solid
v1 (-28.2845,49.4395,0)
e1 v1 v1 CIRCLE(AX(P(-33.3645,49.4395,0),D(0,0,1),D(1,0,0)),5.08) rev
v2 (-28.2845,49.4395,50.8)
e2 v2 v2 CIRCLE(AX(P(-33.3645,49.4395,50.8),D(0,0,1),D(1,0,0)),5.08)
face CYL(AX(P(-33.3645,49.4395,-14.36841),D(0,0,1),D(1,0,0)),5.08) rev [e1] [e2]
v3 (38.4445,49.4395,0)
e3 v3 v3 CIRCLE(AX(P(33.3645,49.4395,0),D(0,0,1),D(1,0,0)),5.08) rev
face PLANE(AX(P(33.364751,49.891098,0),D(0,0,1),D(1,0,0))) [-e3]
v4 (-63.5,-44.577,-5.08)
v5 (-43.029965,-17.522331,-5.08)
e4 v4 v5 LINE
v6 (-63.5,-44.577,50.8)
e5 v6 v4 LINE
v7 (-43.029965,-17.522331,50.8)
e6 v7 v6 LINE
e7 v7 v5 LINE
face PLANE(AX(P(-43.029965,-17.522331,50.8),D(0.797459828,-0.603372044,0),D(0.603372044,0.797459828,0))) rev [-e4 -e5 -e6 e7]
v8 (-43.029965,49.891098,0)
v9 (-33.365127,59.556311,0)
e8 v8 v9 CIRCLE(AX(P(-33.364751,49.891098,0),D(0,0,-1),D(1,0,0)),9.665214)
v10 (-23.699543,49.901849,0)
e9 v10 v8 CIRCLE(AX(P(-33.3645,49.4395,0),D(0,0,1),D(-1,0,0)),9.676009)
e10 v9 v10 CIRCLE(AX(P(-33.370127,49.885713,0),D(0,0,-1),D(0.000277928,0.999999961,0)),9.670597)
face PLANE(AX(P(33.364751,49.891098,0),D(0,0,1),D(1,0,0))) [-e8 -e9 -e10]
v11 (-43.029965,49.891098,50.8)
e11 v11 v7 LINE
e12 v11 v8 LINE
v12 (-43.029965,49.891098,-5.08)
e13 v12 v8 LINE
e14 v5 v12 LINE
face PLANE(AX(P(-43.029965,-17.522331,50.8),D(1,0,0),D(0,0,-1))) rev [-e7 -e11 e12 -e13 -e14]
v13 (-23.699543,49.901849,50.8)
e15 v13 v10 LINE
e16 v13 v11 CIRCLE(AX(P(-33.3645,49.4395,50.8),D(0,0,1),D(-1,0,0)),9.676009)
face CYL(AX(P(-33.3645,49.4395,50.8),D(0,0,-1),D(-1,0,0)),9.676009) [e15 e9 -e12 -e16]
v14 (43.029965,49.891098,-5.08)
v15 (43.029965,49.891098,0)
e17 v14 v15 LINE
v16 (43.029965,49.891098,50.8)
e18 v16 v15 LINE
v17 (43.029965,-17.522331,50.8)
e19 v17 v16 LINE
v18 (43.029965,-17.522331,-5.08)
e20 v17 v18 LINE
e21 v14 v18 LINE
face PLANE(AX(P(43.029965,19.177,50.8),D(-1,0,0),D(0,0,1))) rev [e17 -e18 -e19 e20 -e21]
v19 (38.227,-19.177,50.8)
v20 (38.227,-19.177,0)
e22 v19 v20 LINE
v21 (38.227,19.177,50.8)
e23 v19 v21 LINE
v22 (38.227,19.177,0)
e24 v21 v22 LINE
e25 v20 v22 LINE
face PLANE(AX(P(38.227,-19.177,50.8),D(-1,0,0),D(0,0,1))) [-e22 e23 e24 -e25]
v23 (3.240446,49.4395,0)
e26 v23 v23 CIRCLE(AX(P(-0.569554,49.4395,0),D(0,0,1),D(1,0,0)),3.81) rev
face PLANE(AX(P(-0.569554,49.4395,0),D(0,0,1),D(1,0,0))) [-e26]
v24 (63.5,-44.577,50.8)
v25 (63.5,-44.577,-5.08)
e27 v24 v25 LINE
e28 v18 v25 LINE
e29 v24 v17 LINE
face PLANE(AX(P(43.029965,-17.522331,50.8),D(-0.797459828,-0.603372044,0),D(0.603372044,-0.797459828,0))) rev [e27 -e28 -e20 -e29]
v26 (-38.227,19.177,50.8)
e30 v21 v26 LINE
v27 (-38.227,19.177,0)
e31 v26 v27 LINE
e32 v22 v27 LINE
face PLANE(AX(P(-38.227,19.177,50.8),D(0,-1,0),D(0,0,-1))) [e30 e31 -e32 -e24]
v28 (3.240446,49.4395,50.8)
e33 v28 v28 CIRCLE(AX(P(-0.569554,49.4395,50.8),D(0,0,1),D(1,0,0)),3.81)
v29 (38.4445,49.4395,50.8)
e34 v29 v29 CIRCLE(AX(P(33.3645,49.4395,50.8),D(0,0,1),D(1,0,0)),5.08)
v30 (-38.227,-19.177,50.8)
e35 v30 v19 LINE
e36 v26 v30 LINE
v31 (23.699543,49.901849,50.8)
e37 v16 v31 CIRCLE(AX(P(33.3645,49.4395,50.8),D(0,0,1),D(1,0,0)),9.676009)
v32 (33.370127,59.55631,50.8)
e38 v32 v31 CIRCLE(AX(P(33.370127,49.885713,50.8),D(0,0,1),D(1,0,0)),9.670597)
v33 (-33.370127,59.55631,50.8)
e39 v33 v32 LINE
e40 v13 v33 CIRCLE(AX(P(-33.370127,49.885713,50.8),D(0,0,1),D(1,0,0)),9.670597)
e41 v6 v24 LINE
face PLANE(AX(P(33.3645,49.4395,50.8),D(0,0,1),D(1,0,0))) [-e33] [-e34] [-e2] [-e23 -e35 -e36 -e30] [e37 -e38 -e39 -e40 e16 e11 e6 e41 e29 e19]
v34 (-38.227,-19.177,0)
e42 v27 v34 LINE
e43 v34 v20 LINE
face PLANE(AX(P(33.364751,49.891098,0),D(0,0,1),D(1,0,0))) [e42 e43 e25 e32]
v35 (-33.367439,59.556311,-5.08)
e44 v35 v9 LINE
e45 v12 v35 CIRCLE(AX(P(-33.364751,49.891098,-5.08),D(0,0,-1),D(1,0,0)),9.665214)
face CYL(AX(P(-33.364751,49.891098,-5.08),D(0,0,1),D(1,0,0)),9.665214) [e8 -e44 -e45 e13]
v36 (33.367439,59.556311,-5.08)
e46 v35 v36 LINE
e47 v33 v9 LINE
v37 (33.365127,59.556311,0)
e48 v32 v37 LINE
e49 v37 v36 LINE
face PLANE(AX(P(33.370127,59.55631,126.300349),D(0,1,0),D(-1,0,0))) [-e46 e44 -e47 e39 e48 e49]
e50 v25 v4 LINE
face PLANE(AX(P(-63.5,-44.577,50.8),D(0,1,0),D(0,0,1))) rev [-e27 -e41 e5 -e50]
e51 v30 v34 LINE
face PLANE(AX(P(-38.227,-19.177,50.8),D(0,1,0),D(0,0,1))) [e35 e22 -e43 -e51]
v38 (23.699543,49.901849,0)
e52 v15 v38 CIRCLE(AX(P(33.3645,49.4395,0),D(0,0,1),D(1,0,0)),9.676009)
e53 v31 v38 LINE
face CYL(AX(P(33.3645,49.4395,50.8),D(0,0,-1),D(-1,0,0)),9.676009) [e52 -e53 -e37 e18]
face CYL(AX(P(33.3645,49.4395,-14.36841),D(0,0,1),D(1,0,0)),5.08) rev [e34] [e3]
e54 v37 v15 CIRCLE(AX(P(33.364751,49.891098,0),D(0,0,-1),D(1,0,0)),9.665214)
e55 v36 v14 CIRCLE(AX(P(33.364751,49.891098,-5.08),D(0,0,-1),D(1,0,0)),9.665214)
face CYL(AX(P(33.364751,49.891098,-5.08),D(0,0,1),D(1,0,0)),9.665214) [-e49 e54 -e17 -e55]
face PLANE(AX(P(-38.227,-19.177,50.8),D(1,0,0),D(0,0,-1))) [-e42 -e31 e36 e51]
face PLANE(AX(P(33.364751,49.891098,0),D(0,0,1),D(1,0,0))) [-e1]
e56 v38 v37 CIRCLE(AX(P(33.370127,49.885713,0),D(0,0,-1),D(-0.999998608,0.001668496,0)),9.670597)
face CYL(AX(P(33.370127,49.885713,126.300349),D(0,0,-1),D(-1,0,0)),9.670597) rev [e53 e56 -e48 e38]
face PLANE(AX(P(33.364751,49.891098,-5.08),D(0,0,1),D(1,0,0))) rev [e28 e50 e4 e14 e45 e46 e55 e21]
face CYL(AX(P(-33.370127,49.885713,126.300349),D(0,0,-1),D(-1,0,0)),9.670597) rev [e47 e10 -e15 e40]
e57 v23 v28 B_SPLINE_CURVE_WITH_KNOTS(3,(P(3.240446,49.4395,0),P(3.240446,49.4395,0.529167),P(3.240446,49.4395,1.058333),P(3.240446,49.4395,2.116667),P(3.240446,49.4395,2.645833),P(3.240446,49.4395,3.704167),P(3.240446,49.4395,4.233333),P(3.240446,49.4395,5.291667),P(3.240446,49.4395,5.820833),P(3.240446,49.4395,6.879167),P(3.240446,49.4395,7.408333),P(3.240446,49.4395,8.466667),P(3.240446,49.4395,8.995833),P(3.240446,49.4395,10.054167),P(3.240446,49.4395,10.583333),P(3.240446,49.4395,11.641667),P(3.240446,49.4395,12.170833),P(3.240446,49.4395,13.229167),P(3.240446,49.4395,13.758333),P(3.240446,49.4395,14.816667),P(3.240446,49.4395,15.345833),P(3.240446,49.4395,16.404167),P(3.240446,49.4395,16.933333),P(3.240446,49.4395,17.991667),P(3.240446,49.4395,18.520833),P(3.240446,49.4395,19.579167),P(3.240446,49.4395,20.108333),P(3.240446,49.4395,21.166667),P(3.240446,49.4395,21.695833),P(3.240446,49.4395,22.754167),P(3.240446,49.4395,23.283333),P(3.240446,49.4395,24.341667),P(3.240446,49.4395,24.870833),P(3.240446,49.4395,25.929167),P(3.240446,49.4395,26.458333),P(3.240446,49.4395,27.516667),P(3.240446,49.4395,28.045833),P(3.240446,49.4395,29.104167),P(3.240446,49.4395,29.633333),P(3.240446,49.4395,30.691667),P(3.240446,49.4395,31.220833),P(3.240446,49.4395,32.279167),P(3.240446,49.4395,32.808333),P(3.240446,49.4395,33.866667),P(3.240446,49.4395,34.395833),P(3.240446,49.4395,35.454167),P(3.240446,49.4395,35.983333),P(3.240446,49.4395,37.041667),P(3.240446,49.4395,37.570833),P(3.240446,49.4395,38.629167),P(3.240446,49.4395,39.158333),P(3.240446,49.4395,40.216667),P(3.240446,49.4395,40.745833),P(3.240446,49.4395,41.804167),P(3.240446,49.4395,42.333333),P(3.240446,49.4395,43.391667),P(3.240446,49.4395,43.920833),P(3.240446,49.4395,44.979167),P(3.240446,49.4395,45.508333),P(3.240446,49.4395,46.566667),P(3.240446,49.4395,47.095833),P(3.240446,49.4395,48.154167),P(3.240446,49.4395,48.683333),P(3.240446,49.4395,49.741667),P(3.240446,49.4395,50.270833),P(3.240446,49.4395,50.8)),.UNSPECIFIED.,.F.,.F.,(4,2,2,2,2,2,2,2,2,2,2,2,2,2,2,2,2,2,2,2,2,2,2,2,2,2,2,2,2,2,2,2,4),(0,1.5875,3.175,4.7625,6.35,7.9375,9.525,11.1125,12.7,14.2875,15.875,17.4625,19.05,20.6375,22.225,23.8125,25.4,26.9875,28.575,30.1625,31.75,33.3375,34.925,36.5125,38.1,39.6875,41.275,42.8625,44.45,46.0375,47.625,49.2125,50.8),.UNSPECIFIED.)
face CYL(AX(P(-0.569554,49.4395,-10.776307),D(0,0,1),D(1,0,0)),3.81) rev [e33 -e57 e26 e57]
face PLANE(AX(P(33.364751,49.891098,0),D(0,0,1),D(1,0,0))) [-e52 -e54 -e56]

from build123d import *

# Parameters (mm, degrees)
SKETCH1_R           = 4.862500054
SKETCH1_W           = 76.454
SKETCH1_H           = 38.354
BOSS_EXTRUDE1_DEPTH = 50.8
BOSS_EXTRUDE2_DEPTH = 5.08
BOSS_EXTRUDE3_DEPTH = 55.88
SKETCH4_R           = 3.429
CUT_EXTRUDE1_DEPTH  = 50.8
SKETCH5_R           = 3.81
CUT_EXTRUDE2_DEPTH  = 50.8
SKETCH6_R           = 5.08
CUT_EXTRUDE3_DEPTH  = 50.8


with BuildPart() as part:
    # Sketch1 → Boss-Extrude1 (new body)
    with BuildSketch(Plane.XY):
        with BuildLine():
            Line((-43.029964919, -17.522331458), (-43.029964919, 19.177))
            Line((-43.029964919, 19.177), (-43.029964919, 49.89109769))
            ThreePointArc((-43.029964919, 49.89109769), (-33.369881409, 59.115507734), (-23.699543278, 49.901848605))
            Line((-23.699543278, 49.901848605), (0, 24.257))
            Line((0, 24.257), (23.699543278, 49.901848605))
            ThreePointArc((23.699543278, 49.901848605), (33.369881409, 59.115507734), (43.029964919, 49.89109769))
            Line((43.029964919, 49.89109769), (43.029964919, 19.177))
            Line((43.029964919, 19.177), (43.029964919, -17.522331458))
            Line((43.029964919, -17.522331458), (63.5, -44.577))
            Line((63.5, -44.577), (-63.5, -44.577))
            Line((-63.5, -44.577), (-43.029964919, -17.522331458))
        make_face()
        with Locations((-33.364499946, 49.439500054)):
            Circle(SKETCH1_R, mode=Mode.SUBTRACT)
        with Locations(Location((33.364499946, 49.439500054, 0), (0, 0, 180))):
            Circle(SKETCH1_R, mode=Mode.SUBTRACT)
        Rectangle(SKETCH1_W, SKETCH1_H, mode=Mode.SUBTRACT)
    extrude(amount=BOSS_EXTRUDE1_DEPTH)

    # Sketch2 → Boss-Extrude2 (add)
    with BuildSketch(Plane(origin=(0, 0, 0), x_dir=(-1, 0, 0), z_dir=(0, 0, -1))):
        with BuildLine():
            Line((-43.029964919, 49.89109769), (-43.029964919, -17.522331458))
            Line((-43.029964919, -17.522331458), (-63.5, -44.577))
            Line((-63.5, -44.577), (63.5, -44.577))
            Line((63.5, -44.577), (43.029964919, -17.522331458))
            Line((43.029964919, -17.522331458), (43.029964919, 49.89109769))
            ThreePointArc((43.029964919, 49.89109769), (33.370126568, 59.556310005), (23.699543278, 49.901848605))
            Line((23.699543278, 49.901848605), (0, 24.257))
            Line((0, 24.257), (-23.699543278, 49.901848605))
            ThreePointArc((-23.699543278, 49.901848605), (-33.370126568, 59.556310005), (-43.029964919, 49.89109769))
        make_face()
    extrude(amount=BOSS_EXTRUDE2_DEPTH)

    # Sketch3 → Boss-Extrude3 (add)
    with BuildSketch(Plane(origin=(0, 0, -5.08), x_dir=(-1, 0, 0), z_dir=(0, 0, -1))):
        with BuildLine():
            Line((-33.370126568, 59.556310005), (33.370126568, 59.556310005))
            ThreePointArc((33.370126568, 59.556310005), (26.537689117, 56.729560126), (23.699543278, 49.901848605))
            Line((23.699543278, 49.901848605), (0, 24.257))
            Line((0, 24.257), (-23.699543278, 49.901848605))
            ThreePointArc((-23.699543278, 49.901848605), (-26.537689117, 56.729560126), (-33.370126568, 59.556310005))
        make_face()
    extrude(amount=-BOSS_EXTRUDE3_DEPTH)

    # Sketch4 → Cut-Extrude1 (cut)
    with BuildSketch(Plane.XY.offset(50.8)):
        with Locations((-0.569554056, 49.439500054)):
            Circle(SKETCH4_R)
    extrude(amount=-CUT_EXTRUDE1_DEPTH, mode=Mode.SUBTRACT)

    # Sketch5 → Cut-Extrude2 (cut)
    with BuildSketch(Plane.XY.offset(50.8)):
        with Locations((-0.569554056, 49.439500054)):
            Circle(SKETCH5_R)
    extrude(amount=-CUT_EXTRUDE2_DEPTH, mode=Mode.SUBTRACT)

    # Sketch6 → Cut-Extrude3 (cut)
    with BuildSketch(Plane.XY.offset(50.8)):
        with Locations((-33.364499946, 49.439500054)):
            Circle(SKETCH6_R)
        with Locations((33.364499946, 49.439500054)):
            Circle(SKETCH6_R)
    extrude(amount=-CUT_EXTRUDE3_DEPTH, mode=Mode.SUBTRACT)


solid = part.part
